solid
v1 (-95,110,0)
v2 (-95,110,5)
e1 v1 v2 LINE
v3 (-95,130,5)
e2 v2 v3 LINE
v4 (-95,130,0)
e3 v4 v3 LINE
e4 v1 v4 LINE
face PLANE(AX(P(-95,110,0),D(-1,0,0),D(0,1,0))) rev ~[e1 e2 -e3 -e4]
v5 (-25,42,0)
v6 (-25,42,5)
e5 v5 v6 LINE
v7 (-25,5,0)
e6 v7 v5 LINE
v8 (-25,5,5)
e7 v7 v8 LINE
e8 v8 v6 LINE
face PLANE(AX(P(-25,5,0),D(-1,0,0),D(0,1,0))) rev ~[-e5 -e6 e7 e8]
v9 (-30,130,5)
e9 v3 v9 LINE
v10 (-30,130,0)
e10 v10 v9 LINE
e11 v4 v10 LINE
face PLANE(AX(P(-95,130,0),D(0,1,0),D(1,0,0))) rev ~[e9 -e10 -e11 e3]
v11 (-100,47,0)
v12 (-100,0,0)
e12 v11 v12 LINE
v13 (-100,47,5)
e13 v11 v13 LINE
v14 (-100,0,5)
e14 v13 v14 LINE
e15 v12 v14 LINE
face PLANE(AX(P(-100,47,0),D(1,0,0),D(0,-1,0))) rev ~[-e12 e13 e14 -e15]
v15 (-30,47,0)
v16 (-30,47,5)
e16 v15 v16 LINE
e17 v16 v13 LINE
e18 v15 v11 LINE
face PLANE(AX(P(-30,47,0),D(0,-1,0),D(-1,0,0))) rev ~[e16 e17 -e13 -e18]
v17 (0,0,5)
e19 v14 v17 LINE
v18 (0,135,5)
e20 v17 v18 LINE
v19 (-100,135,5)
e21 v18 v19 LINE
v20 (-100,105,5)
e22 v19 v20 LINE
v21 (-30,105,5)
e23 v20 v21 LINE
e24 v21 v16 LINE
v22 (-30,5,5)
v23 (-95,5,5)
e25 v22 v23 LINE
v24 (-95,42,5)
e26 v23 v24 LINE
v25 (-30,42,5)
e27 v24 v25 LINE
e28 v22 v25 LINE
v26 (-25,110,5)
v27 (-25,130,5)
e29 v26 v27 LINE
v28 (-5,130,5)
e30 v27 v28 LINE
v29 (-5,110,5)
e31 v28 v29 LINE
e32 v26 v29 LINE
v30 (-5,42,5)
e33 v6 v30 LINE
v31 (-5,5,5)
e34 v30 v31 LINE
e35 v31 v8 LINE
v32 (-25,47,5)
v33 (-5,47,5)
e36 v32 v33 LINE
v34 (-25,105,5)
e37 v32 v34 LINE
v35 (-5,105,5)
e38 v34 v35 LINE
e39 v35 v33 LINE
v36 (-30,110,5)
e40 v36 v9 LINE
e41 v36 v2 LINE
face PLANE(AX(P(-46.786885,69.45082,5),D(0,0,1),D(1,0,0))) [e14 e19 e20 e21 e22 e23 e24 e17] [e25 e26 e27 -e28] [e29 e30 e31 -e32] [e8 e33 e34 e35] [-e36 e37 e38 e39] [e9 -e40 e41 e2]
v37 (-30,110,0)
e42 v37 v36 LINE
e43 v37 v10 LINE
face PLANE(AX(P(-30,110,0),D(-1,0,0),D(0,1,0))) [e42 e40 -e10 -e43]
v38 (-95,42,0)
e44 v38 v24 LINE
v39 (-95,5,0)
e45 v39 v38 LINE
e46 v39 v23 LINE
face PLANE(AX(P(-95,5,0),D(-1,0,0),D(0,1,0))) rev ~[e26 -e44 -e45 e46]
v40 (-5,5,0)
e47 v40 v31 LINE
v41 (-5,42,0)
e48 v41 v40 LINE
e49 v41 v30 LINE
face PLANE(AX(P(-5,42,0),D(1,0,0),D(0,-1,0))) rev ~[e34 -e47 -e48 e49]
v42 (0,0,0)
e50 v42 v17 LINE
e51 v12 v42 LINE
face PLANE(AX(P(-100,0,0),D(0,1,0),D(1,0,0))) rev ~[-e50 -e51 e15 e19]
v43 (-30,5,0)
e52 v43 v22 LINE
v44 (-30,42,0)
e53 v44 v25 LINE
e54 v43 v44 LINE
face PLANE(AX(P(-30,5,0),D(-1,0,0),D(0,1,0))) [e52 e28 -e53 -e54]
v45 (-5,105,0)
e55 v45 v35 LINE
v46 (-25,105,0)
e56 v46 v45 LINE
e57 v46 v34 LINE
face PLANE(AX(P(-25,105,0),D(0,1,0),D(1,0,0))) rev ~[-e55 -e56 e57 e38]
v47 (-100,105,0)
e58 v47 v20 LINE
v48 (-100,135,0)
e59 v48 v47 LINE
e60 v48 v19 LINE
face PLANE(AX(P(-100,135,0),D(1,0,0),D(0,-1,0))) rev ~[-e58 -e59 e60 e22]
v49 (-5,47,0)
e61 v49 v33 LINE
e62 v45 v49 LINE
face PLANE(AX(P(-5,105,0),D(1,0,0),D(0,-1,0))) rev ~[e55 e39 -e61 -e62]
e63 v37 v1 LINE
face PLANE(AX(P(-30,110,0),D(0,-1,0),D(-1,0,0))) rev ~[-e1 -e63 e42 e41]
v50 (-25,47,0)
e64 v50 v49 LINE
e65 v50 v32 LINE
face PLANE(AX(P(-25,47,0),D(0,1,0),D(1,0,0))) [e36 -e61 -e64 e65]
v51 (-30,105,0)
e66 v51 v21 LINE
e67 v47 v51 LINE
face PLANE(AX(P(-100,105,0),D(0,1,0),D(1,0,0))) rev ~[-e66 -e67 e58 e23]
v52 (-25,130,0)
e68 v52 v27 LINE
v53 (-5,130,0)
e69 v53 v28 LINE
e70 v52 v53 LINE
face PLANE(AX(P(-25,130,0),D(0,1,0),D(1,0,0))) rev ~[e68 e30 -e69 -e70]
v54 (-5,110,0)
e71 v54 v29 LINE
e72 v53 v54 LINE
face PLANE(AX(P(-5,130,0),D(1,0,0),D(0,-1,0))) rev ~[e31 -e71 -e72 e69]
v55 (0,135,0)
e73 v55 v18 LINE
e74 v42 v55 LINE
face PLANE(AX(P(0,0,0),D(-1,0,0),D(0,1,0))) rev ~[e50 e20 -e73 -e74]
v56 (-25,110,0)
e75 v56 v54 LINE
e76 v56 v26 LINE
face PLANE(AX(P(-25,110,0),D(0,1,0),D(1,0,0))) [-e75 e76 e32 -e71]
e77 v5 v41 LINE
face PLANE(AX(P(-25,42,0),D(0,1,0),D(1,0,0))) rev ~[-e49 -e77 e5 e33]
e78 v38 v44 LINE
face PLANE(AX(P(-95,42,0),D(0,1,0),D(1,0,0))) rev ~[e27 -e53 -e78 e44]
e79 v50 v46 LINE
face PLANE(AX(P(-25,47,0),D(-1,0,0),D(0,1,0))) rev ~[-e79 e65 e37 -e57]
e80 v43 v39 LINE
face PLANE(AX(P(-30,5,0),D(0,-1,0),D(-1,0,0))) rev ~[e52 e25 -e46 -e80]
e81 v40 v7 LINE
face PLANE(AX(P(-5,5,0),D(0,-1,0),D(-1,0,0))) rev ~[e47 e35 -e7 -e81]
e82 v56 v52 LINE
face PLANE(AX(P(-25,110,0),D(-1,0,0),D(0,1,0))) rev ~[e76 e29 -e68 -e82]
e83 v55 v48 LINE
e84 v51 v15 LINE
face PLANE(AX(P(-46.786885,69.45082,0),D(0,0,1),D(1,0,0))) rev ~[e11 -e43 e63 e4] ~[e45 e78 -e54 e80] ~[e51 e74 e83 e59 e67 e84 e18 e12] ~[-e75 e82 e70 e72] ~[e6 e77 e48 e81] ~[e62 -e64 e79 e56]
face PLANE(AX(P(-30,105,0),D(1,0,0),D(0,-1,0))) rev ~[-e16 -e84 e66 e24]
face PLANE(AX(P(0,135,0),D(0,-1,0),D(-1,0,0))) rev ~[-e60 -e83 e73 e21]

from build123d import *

# Parameters (mm, degrees)
F0_W     = 5
F0_H     = 20
F0_W_2   = 20
F0_H_2   = 5
F0_H_3   = 37
F1_DEPTH = 5


with BuildPart() as f1:
    # F0 (on Top) → F1 (new body)
    with BuildSketch(Plane.XY):
        Polygon((-100, 0), (0, 0), (0, 135), (-100, 135), (-100, 105), (-30, 105), (-30, 47), (-100, 47), align=None)
        Polygon((-95, 110), (-95, 130), (-30, 130), (-25, 130), (-10, 130), (-5, 130), (-5, 125), (-5, 110), (-5, 105), (-5, 47), (-5, 42), (-5, 5), (-25, 5), (-30, 5), (-95, 5), (-95, 42), (-30, 42), (-25, 42), (-25, 47), (-25, 105), (-25, 110), (-30, 110), align=None, mode=Mode.SUBTRACT)
        with Locations((-27.5, 120)):
            Rectangle(F0_W, F0_H)
        with Locations((-15, 107.5)):
            Rectangle(F0_W_2, F0_H_2)
        with Locations((-15, 44.5)):
            Rectangle(F0_W_2, F0_H_2)
        with Locations((-27.5, 23.5)):
            Rectangle(F0_W, F0_H_3)
    extrude(amount=F1_DEPTH)


solid = f1.part
